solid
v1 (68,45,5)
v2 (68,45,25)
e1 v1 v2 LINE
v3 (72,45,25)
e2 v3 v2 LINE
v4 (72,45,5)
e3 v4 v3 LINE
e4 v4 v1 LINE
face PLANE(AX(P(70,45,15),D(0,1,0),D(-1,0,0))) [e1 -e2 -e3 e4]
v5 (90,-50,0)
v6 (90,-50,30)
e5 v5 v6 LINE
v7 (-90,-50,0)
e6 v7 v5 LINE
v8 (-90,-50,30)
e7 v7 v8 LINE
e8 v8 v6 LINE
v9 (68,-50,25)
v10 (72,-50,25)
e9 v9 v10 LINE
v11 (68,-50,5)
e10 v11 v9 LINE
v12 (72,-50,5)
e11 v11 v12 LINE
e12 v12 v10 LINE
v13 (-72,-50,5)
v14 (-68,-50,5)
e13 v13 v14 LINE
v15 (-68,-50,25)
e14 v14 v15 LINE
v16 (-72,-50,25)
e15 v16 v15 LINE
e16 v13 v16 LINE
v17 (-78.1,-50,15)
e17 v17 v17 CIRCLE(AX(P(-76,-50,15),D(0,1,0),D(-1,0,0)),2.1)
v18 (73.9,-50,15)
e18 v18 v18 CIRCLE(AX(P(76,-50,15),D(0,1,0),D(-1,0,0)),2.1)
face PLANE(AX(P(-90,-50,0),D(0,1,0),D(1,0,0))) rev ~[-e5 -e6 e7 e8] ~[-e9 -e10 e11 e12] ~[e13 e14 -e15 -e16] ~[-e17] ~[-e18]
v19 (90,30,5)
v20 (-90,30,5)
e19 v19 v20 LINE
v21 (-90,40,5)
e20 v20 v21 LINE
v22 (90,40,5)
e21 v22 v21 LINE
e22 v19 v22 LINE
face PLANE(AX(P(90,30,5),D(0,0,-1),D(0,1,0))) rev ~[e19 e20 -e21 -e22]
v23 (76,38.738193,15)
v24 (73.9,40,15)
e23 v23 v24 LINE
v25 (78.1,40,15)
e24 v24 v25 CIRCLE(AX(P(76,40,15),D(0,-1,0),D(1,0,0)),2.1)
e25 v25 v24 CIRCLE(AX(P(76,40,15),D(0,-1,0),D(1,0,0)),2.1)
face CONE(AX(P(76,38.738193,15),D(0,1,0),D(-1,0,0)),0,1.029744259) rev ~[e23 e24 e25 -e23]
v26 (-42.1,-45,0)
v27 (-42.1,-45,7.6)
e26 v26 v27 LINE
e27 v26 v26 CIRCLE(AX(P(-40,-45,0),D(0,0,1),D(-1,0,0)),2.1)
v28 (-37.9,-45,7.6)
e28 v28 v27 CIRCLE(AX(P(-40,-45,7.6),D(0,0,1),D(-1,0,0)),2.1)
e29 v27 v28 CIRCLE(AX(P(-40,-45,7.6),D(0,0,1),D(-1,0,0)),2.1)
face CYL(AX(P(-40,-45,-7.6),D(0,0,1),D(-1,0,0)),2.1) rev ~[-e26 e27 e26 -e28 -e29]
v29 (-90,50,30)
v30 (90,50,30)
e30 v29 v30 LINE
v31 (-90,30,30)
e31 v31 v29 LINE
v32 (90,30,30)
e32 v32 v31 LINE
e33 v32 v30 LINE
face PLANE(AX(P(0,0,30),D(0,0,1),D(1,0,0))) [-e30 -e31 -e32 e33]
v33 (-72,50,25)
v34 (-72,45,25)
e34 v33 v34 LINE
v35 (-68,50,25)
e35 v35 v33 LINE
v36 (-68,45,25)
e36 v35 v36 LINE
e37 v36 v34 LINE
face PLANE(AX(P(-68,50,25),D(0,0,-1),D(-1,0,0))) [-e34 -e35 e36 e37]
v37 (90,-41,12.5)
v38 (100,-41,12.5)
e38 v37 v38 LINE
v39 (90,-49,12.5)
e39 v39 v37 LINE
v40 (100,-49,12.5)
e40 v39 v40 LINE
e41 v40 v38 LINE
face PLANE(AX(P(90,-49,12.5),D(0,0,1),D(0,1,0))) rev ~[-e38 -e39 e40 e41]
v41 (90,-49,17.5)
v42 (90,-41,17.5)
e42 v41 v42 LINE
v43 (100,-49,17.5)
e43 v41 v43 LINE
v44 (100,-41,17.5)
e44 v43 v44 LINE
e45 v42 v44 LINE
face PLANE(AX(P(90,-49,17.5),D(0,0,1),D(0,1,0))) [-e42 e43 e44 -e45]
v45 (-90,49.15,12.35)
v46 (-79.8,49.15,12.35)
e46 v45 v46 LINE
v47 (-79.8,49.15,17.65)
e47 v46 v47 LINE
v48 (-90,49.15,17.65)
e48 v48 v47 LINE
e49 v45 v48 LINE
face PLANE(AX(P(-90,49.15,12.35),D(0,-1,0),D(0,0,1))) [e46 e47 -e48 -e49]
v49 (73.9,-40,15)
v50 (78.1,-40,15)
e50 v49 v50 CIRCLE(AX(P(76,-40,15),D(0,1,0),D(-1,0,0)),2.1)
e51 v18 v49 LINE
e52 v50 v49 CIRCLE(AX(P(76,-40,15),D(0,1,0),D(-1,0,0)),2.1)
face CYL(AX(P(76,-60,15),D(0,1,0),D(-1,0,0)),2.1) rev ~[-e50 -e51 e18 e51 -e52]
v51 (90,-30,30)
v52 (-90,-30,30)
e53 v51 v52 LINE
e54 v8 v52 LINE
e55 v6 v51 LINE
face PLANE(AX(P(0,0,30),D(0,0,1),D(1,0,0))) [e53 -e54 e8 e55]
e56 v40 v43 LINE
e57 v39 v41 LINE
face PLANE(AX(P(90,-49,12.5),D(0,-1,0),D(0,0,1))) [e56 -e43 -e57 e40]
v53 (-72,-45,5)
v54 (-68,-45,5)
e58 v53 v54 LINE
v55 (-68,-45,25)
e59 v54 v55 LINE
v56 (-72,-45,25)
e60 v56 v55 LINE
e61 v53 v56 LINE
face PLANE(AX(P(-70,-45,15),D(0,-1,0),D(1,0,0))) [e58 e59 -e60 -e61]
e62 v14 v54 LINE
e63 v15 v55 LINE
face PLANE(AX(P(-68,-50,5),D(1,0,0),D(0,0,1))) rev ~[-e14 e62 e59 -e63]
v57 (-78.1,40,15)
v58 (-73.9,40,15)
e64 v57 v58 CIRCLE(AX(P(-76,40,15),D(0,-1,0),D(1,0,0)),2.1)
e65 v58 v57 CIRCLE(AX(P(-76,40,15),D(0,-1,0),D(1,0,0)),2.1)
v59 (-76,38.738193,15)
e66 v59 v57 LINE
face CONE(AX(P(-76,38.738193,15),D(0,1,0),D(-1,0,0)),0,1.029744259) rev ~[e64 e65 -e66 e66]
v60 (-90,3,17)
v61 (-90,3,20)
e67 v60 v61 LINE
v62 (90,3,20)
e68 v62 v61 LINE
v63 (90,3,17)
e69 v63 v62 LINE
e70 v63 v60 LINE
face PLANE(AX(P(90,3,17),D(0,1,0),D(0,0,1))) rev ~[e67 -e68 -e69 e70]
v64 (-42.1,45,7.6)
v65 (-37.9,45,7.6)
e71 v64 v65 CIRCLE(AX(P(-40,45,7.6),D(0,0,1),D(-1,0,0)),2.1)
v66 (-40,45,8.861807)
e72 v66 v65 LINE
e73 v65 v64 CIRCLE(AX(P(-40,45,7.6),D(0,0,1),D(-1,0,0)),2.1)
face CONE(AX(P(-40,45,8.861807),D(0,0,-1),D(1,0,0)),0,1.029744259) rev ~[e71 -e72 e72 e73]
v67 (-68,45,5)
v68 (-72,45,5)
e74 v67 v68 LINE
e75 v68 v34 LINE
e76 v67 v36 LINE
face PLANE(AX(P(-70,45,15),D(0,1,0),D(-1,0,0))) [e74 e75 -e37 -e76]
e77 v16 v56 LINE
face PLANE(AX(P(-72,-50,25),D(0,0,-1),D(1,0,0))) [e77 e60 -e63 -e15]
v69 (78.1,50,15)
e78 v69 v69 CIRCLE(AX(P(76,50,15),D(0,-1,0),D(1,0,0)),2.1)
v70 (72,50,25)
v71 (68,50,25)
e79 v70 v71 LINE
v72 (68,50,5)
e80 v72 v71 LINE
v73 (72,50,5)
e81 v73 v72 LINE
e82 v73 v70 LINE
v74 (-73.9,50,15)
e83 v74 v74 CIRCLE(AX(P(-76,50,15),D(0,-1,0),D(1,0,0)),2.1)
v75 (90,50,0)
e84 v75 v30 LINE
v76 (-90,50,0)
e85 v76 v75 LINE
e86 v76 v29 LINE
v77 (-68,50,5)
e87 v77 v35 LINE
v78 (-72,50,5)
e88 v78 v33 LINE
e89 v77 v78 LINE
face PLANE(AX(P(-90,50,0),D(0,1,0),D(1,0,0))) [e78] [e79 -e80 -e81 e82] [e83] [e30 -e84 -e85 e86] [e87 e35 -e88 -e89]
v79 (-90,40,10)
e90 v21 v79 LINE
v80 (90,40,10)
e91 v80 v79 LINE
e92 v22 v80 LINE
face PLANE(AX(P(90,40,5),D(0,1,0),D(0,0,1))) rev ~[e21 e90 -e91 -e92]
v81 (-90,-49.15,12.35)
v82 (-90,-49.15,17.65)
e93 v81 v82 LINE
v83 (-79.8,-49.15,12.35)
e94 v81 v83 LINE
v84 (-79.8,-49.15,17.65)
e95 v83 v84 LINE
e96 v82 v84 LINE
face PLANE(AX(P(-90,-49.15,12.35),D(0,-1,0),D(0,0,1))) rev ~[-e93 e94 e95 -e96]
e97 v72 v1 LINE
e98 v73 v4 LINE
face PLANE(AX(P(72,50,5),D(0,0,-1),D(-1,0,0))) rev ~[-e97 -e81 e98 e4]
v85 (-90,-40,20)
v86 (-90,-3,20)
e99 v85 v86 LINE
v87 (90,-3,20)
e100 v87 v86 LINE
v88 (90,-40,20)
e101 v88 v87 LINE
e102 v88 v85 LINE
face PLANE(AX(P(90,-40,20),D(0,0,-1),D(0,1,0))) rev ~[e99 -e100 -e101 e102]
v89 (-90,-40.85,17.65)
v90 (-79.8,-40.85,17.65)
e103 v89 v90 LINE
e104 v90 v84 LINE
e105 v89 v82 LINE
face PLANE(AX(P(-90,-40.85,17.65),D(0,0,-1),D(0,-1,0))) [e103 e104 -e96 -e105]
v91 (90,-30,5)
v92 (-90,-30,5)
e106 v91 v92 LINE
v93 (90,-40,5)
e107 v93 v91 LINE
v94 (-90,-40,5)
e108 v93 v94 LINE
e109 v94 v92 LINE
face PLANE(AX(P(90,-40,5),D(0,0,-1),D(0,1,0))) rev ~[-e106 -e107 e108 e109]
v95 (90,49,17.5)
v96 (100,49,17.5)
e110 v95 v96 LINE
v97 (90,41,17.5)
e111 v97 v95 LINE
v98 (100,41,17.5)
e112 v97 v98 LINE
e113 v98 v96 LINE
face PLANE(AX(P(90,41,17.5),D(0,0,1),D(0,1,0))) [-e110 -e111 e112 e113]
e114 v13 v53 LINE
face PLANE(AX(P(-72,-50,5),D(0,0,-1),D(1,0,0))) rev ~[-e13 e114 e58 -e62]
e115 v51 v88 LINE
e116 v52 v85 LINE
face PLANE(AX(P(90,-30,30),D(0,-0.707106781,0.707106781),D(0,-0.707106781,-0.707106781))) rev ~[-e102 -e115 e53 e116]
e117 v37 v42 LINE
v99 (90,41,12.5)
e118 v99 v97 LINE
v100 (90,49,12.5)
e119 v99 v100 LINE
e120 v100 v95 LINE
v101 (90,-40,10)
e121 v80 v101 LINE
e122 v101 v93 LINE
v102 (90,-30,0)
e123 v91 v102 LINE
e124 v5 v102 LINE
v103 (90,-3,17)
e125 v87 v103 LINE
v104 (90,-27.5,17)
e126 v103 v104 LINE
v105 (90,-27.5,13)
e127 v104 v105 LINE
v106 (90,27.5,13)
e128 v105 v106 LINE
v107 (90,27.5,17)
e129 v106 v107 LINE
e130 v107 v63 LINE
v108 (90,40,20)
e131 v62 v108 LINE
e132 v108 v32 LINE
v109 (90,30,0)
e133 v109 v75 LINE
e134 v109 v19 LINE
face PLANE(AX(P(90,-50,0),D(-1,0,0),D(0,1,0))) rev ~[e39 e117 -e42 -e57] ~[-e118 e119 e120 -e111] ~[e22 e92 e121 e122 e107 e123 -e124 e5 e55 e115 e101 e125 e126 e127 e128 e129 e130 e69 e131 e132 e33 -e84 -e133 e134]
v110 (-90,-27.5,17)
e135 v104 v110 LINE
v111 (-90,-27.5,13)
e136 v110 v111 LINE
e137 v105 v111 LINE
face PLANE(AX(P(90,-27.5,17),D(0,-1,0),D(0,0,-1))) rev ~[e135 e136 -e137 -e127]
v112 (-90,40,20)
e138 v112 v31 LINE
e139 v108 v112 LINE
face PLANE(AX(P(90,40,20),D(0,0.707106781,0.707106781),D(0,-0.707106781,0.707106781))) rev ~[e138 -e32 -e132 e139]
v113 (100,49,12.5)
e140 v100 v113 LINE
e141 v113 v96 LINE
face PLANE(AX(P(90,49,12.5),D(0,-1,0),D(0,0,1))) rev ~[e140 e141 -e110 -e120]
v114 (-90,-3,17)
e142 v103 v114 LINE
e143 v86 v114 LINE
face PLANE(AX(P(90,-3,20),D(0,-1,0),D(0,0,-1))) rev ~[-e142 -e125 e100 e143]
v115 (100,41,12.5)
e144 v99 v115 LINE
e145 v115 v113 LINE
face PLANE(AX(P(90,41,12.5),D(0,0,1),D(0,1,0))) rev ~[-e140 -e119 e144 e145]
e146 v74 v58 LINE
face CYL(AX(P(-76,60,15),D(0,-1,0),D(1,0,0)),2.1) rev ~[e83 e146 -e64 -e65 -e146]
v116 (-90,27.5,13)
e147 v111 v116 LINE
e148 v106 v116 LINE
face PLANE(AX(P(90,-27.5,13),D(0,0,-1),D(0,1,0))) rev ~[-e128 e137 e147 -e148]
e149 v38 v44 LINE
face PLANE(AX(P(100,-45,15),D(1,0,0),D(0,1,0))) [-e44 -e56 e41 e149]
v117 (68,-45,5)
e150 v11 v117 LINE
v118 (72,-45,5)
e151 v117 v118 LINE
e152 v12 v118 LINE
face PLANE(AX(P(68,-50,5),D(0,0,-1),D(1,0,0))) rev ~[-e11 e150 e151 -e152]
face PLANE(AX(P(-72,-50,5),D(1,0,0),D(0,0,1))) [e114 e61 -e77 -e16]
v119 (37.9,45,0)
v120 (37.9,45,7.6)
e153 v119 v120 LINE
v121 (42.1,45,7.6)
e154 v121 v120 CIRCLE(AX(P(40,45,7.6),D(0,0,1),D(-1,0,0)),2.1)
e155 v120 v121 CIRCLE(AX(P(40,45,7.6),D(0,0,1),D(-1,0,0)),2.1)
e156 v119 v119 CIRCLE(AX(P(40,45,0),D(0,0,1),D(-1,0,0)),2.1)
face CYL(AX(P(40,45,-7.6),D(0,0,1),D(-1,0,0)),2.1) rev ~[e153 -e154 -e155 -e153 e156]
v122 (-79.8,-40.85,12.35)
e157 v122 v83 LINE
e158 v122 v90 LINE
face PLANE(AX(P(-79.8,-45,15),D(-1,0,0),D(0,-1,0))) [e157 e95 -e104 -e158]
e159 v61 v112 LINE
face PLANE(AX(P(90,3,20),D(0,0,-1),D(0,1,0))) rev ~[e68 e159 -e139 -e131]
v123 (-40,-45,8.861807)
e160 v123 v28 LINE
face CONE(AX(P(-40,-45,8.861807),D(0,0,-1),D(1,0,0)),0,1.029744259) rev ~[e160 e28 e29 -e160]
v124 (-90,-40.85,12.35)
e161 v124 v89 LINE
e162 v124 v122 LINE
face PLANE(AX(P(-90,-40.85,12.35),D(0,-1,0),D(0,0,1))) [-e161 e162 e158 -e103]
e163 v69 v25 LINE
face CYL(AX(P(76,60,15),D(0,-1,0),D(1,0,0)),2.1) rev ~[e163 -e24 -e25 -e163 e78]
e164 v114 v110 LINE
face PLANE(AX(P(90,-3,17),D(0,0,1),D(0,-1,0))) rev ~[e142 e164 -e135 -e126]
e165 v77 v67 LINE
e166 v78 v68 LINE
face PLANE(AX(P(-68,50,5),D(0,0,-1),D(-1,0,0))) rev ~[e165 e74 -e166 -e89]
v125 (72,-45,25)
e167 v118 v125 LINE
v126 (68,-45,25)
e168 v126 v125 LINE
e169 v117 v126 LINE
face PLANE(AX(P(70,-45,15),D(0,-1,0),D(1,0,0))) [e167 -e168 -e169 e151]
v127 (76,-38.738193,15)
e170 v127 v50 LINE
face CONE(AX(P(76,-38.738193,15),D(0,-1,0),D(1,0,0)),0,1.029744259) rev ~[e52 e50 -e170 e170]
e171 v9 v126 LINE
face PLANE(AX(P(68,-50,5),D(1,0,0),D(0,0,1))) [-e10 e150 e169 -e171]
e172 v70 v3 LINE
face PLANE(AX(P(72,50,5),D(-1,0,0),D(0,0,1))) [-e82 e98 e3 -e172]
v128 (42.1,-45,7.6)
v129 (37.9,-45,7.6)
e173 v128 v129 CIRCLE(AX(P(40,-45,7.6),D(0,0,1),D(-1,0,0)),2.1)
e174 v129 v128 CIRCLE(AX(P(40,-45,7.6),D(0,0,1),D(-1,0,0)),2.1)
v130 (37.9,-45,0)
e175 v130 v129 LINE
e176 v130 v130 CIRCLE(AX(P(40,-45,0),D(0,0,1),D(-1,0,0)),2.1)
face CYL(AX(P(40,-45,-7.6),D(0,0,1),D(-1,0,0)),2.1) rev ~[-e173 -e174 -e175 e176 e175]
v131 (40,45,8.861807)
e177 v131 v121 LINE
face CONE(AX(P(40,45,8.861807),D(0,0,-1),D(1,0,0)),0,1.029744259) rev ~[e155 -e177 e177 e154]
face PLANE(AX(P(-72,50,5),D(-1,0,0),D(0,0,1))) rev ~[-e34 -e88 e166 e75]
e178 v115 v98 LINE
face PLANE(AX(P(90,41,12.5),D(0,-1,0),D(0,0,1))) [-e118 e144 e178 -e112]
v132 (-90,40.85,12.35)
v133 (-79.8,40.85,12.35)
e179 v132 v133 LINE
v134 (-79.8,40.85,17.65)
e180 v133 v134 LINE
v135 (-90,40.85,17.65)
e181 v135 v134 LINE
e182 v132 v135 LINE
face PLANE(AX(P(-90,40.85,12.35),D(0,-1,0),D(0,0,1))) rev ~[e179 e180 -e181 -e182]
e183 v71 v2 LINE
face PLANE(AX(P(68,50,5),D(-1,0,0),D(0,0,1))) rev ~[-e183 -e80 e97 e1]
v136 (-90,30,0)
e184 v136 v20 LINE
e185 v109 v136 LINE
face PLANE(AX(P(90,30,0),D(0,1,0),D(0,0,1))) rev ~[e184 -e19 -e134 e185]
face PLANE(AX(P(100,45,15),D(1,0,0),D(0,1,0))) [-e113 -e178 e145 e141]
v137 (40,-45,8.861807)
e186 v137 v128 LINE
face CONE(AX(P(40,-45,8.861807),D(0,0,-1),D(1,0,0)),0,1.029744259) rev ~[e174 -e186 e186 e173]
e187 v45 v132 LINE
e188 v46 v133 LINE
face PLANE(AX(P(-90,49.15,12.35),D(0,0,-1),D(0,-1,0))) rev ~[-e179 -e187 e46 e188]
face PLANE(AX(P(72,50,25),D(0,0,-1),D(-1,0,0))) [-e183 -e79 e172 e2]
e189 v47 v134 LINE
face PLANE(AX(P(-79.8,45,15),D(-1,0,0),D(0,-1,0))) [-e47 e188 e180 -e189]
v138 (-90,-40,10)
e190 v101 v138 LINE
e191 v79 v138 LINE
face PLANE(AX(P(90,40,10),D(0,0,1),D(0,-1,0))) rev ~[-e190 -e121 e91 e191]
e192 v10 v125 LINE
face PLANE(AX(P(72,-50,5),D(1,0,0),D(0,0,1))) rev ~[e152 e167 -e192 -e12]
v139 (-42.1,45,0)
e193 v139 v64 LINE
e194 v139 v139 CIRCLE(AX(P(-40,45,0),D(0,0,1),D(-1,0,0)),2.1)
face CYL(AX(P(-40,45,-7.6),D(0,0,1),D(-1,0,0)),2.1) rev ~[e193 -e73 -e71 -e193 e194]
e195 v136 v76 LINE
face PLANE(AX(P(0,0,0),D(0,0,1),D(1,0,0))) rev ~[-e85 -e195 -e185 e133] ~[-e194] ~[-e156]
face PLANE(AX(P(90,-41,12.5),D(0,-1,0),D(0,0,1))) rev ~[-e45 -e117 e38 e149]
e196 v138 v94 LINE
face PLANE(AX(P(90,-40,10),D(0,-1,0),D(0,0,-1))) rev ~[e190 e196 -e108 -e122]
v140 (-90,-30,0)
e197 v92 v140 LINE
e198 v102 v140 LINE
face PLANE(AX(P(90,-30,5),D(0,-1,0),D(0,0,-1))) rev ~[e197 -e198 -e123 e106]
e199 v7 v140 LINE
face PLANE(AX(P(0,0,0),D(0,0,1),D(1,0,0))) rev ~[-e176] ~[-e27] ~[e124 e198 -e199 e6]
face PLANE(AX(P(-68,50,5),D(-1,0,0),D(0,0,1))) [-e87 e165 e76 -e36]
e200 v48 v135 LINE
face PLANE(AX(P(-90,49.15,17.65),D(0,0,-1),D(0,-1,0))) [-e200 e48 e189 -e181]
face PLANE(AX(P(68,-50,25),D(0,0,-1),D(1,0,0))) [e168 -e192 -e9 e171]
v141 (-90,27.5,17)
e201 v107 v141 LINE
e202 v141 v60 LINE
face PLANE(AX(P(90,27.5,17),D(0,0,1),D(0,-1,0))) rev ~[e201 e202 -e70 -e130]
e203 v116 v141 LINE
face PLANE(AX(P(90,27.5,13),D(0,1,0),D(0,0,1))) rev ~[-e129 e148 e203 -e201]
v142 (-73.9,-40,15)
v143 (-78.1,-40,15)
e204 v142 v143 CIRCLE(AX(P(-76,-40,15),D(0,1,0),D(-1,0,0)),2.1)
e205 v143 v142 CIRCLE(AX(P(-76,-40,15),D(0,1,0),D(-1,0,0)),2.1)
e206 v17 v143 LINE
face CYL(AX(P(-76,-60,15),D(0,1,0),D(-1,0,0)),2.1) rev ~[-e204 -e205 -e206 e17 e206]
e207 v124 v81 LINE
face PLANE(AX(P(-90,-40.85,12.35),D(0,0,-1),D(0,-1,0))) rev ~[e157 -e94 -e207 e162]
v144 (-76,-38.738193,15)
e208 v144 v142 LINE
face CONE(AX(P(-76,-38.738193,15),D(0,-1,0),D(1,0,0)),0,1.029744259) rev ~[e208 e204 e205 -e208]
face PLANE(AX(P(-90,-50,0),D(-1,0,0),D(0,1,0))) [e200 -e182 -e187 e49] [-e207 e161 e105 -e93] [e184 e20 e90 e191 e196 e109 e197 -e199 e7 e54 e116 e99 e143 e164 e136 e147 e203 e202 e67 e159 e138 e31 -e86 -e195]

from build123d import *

# Parameters (mm, degrees)
F0_W      = 180
F0_H      = 100
F1_DEPTH  = 30
F3_DEPTH  = 180
F4_W      = 8
F4_H      = 5
F5_DEPTH  = 10
F6_W      = 8.3
F6_H      = 5.3
F7_DEPTH  = 10.2
F8_W      = 4
F8_H      = 20
F9_DEPTH  = 5
F10_W     = 4
F10_H     = 20
F11_DEPTH = 5
F12_D     = 4.2
F12_DEPTH = 10
F12_TIP   = 1.2618073
F13_D     = 4.2
F13_DEPTH = 10
F13_TIP   = 1.2618073
F15_D     = 4.2
F15_DEPTH = 7.6
F15_TIP   = 1.2618073


with BuildPart() as f1:
    # F0 (on Top) → F1 (new body)
    with BuildSketch(Plane.XY):
        Rectangle(F0_W, F0_H)
    extrude(amount=F1_DEPTH)

    # F2 (on face) → F3 (cut)
    with BuildSketch(Plane.YZ.offset(90)):
        Polygon((30, 30), (-30, 30), (-40, 20), (-3, 20), (3, 20), (40, 20), align=None)
        Polygon((-30, 5), (-30, 0), (30, 0), (30, 5), (40, 5), (40, 10), (-40, 10), (-40, 5), align=None)
        Polygon((3, 20), (-3, 20), (-3, 17), (-27.5, 17), (-27.5, 13), (27.5, 13), (27.5, 17), (3, 17), align=None)
    extrude(amount=-F3_DEPTH, mode=Mode.SUBTRACT)

    # F4 (on face) → F5 (join)
    with BuildSketch(Plane.YZ.offset(90)):
        with Locations((-45, 15)):
            Rectangle(F4_W, F4_H)
        with Locations((45, 15)):
            Rectangle(F4_W, F4_H)
    extrude(amount=F5_DEPTH)

    # F6 (on face) → F7 (cut)
    with BuildSketch(Plane(origin=(-90, 0, 0), x_dir=(0, -1, 0), z_dir=(-1, 0, 0))):
        with Locations((-45, 15)):
            Rectangle(F6_W, F6_H)
        with Locations((45, 15)):
            Rectangle(F6_W, F6_H)
    extrude(amount=-F7_DEPTH, mode=Mode.SUBTRACT)

    # F8 (on face) → F9 (cut)
    with BuildSketch(Plane.XZ.offset(50)):
        with Locations((-70, 15)):
            Rectangle(F8_W, F8_H)
        with Locations((70, 15)):
            Rectangle(F8_W, F8_H)
    extrude(amount=-F9_DEPTH, mode=Mode.SUBTRACT)

    # F10 (on face) → F11 (cut)
    with BuildSketch(Plane(origin=(0, 50, 0), x_dir=(-1, 0, 0), z_dir=(0, 1, 0))):
        with Locations((70, 15)):
            Rectangle(F10_W, F10_H)
        with Locations((-70, 15)):
            Rectangle(F10_W, F10_H)
    extrude(amount=-F11_DEPTH, mode=Mode.SUBTRACT)

    # F12
    with Locations(Plane.XZ.offset(50)):
        with Locations((-76, 15), (76, 15)):
            Hole(F12_D / 2, depth=F12_DEPTH)
            with Locations((0, 0, -(F12_DEPTH + F12_TIP / 2))):  # 118° drill point
                Cone(0, F12_D / 2, F12_TIP, mode=Mode.SUBTRACT)

    # F13
    with Locations(Plane(origin=(0, 50, 0), x_dir=(-1, 0, 0), z_dir=(0, 1, 0))):
        with Locations((-76, 15), (76, 15)):
            Hole(F13_D / 2, depth=F13_DEPTH)
            with Locations((0, 0, -(F13_DEPTH + F13_TIP / 2))):  # 118° drill point
                Cone(0, F13_D / 2, F13_TIP, mode=Mode.SUBTRACT)

    # F15
    with Locations(Plane(origin=(0, 0, 0), x_dir=(1, 0, 0), z_dir=(0, 0, -1))):
        with Locations((-40, 45), (40, 45), (40, -45), (-40, -45)):
            Hole(F15_D / 2, depth=F15_DEPTH)
            with Locations((0, 0, -(F15_DEPTH + F15_TIP / 2))):  # 118° drill point
                Cone(0, F15_D / 2, F15_TIP, mode=Mode.SUBTRACT)


solid = f1.part
